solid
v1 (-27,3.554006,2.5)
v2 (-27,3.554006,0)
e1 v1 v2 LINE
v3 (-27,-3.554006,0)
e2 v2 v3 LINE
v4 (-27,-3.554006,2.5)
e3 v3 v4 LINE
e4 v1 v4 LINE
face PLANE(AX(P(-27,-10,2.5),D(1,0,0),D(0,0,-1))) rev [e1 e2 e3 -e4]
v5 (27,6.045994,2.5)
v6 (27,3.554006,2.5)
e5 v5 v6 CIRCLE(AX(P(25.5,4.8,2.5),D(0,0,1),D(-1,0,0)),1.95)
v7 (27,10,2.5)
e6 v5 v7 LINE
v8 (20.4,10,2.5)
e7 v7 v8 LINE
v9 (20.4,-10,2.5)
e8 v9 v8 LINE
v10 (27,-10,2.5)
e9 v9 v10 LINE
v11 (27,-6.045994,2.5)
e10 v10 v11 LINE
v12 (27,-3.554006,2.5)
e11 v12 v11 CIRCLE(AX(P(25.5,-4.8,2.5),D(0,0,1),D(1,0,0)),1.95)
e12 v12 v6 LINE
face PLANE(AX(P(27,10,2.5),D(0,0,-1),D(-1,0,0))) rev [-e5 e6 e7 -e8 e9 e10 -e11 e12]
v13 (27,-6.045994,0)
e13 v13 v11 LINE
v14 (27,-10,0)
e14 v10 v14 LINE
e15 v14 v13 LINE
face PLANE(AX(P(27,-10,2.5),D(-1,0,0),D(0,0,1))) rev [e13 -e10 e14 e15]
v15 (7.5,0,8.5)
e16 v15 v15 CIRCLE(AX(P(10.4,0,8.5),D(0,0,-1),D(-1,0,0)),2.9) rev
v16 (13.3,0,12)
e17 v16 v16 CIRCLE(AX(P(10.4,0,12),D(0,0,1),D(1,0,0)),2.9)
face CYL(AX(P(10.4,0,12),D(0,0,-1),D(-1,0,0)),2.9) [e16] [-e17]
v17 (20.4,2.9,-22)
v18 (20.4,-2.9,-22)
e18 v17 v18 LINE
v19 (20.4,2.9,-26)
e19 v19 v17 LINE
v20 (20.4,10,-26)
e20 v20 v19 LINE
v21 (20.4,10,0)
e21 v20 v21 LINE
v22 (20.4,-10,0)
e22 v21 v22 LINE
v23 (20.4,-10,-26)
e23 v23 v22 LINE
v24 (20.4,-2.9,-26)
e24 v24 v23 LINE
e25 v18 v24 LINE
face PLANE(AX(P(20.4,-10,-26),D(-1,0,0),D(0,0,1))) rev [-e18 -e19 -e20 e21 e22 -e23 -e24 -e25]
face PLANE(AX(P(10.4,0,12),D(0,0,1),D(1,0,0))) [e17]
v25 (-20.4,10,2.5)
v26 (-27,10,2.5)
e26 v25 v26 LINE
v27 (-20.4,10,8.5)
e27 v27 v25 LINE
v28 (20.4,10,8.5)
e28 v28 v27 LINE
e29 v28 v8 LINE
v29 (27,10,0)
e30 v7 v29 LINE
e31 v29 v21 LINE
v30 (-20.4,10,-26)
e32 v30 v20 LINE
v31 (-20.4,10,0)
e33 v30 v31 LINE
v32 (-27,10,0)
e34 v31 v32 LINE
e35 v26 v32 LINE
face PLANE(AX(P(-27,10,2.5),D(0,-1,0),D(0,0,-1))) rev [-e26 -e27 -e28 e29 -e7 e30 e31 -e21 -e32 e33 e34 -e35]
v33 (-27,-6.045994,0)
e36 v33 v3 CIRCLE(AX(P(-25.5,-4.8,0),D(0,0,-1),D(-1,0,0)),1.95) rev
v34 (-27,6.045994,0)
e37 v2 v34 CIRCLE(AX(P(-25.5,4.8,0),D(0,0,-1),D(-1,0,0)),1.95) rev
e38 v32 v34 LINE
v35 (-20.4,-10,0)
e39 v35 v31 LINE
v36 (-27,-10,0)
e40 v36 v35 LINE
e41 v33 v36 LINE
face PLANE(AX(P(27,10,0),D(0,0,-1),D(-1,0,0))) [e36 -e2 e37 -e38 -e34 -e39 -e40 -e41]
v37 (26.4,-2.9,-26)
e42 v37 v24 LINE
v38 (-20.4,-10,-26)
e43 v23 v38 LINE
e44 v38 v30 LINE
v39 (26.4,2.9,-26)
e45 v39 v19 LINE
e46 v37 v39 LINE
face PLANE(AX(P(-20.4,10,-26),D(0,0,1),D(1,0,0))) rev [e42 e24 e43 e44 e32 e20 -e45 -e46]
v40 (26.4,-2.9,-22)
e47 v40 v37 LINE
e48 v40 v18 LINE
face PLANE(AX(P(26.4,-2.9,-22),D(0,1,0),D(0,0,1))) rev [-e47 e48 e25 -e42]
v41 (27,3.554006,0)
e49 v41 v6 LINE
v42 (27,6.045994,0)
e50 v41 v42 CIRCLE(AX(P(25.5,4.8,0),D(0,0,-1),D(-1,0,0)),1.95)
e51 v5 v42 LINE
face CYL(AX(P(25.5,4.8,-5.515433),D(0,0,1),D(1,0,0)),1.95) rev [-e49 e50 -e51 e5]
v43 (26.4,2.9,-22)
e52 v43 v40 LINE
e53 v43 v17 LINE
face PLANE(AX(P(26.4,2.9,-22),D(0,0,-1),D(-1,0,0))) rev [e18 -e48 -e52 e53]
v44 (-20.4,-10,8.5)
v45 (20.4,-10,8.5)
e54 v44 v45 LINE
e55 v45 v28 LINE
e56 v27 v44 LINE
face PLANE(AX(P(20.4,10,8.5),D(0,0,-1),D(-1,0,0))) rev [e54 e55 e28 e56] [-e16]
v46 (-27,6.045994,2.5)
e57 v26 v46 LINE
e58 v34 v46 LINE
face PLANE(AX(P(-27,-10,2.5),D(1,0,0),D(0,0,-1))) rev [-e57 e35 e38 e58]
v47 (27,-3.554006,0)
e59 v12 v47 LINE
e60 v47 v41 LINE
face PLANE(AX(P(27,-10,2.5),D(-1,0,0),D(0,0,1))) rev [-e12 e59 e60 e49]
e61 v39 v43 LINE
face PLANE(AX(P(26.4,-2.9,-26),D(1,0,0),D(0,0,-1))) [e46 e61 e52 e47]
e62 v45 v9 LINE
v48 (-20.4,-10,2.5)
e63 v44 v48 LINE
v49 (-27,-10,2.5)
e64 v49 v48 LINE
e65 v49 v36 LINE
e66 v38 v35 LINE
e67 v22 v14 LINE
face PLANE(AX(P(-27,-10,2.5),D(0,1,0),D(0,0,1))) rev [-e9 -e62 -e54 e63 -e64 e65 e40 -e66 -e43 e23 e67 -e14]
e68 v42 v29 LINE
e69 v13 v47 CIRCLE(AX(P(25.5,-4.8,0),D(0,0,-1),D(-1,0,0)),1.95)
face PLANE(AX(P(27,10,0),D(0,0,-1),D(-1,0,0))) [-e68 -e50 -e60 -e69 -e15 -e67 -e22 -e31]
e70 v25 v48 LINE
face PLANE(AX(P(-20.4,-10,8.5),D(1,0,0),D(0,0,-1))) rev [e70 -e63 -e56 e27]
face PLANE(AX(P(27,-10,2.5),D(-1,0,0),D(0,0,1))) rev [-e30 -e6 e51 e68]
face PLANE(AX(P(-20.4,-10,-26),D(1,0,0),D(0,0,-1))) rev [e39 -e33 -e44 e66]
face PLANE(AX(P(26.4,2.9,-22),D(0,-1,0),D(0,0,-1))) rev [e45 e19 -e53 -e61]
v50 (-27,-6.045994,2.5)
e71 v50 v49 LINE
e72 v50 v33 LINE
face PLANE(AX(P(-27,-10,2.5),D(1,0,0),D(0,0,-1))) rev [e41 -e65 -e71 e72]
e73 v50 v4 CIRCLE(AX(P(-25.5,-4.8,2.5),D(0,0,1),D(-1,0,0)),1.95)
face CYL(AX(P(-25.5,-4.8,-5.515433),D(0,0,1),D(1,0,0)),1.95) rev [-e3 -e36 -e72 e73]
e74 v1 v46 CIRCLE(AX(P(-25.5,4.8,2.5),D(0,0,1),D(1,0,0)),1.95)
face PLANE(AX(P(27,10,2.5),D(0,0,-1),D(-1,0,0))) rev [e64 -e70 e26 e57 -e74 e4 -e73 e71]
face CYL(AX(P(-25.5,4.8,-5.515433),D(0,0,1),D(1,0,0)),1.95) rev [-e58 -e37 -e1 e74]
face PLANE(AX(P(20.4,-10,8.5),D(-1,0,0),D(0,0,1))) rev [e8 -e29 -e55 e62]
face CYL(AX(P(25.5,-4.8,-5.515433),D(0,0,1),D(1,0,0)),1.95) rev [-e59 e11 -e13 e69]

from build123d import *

# Parameters (mm, degrees)
SKETCH1_W           = 54
SKETCH1_H           = 20
BOSS_EXTRUDE1_DEPTH = 2.5
SKETCH3_R           = 1.95
CUT_EXTRUDE1_DEPTH  = 2.5
SKETCH4_W           = 40.8
SKETCH4_H           = 20
BOSS_EXTRUDE2_DEPTH = 6
SKETCH5_W           = 40.8
SKETCH5_H           = 20
BOSS_EXTRUDE3_DEPTH = 26
SKETCH6_R           = 2.9
BOSS_EXTRUDE4_DEPTH = 3.5
SKETCH7_W           = 4
SKETCH7_H           = 5.8
BOSS_EXTRUDE5_DEPTH = 6


with BuildPart() as part:
    # Sketch1 → Boss-Extrude1 (new body)
    with BuildSketch(Plane.XY):
        Rectangle(SKETCH1_W, SKETCH1_H)
    extrude(amount=BOSS_EXTRUDE1_DEPTH)

    # Sketch3 → Cut-Extrude1 (cut)
    with BuildSketch(Plane.XY.offset(2.5)):
        with Locations((-25.5, 4.8)):
            Circle(SKETCH3_R)
        with Locations((-25.5, -4.8)):
            Circle(SKETCH3_R)
        with Locations((25.5, -4.8)):
            Circle(SKETCH3_R)
        with Locations((25.5, 4.8)):
            Circle(SKETCH3_R)
    extrude(amount=-CUT_EXTRUDE1_DEPTH, mode=Mode.SUBTRACT)

    # Sketch4 → Boss-Extrude2 (add)
    with BuildSketch(Plane.XY.offset(2.5)):
        Rectangle(SKETCH4_W, SKETCH4_H)
    extrude(amount=BOSS_EXTRUDE2_DEPTH)

    # Sketch5 → Boss-Extrude3 (add)
    with BuildSketch(Plane(origin=(0, 0, 0), x_dir=(-1, 0, 0), z_dir=(0, 0, -1))):
        Rectangle(SKETCH5_W, SKETCH5_H)
    extrude(amount=BOSS_EXTRUDE3_DEPTH)

    # Sketch6 → Boss-Extrude4 (add)
    with BuildSketch(Plane.XY.offset(8.5)):
        with Locations((10.4, 0)):
            Circle(SKETCH6_R)
    extrude(amount=BOSS_EXTRUDE4_DEPTH)

    # Sketch7 → Boss-Extrude5 (add)
    with BuildSketch(Plane(origin=(20.4, 0, 0), x_dir=(0, 0, -1), z_dir=(1, 0, 0))):
        with Locations((24, 0)):
            Rectangle(SKETCH7_W, SKETCH7_H)
    extrude(amount=BOSS_EXTRUDE5_DEPTH)


solid = part.part
